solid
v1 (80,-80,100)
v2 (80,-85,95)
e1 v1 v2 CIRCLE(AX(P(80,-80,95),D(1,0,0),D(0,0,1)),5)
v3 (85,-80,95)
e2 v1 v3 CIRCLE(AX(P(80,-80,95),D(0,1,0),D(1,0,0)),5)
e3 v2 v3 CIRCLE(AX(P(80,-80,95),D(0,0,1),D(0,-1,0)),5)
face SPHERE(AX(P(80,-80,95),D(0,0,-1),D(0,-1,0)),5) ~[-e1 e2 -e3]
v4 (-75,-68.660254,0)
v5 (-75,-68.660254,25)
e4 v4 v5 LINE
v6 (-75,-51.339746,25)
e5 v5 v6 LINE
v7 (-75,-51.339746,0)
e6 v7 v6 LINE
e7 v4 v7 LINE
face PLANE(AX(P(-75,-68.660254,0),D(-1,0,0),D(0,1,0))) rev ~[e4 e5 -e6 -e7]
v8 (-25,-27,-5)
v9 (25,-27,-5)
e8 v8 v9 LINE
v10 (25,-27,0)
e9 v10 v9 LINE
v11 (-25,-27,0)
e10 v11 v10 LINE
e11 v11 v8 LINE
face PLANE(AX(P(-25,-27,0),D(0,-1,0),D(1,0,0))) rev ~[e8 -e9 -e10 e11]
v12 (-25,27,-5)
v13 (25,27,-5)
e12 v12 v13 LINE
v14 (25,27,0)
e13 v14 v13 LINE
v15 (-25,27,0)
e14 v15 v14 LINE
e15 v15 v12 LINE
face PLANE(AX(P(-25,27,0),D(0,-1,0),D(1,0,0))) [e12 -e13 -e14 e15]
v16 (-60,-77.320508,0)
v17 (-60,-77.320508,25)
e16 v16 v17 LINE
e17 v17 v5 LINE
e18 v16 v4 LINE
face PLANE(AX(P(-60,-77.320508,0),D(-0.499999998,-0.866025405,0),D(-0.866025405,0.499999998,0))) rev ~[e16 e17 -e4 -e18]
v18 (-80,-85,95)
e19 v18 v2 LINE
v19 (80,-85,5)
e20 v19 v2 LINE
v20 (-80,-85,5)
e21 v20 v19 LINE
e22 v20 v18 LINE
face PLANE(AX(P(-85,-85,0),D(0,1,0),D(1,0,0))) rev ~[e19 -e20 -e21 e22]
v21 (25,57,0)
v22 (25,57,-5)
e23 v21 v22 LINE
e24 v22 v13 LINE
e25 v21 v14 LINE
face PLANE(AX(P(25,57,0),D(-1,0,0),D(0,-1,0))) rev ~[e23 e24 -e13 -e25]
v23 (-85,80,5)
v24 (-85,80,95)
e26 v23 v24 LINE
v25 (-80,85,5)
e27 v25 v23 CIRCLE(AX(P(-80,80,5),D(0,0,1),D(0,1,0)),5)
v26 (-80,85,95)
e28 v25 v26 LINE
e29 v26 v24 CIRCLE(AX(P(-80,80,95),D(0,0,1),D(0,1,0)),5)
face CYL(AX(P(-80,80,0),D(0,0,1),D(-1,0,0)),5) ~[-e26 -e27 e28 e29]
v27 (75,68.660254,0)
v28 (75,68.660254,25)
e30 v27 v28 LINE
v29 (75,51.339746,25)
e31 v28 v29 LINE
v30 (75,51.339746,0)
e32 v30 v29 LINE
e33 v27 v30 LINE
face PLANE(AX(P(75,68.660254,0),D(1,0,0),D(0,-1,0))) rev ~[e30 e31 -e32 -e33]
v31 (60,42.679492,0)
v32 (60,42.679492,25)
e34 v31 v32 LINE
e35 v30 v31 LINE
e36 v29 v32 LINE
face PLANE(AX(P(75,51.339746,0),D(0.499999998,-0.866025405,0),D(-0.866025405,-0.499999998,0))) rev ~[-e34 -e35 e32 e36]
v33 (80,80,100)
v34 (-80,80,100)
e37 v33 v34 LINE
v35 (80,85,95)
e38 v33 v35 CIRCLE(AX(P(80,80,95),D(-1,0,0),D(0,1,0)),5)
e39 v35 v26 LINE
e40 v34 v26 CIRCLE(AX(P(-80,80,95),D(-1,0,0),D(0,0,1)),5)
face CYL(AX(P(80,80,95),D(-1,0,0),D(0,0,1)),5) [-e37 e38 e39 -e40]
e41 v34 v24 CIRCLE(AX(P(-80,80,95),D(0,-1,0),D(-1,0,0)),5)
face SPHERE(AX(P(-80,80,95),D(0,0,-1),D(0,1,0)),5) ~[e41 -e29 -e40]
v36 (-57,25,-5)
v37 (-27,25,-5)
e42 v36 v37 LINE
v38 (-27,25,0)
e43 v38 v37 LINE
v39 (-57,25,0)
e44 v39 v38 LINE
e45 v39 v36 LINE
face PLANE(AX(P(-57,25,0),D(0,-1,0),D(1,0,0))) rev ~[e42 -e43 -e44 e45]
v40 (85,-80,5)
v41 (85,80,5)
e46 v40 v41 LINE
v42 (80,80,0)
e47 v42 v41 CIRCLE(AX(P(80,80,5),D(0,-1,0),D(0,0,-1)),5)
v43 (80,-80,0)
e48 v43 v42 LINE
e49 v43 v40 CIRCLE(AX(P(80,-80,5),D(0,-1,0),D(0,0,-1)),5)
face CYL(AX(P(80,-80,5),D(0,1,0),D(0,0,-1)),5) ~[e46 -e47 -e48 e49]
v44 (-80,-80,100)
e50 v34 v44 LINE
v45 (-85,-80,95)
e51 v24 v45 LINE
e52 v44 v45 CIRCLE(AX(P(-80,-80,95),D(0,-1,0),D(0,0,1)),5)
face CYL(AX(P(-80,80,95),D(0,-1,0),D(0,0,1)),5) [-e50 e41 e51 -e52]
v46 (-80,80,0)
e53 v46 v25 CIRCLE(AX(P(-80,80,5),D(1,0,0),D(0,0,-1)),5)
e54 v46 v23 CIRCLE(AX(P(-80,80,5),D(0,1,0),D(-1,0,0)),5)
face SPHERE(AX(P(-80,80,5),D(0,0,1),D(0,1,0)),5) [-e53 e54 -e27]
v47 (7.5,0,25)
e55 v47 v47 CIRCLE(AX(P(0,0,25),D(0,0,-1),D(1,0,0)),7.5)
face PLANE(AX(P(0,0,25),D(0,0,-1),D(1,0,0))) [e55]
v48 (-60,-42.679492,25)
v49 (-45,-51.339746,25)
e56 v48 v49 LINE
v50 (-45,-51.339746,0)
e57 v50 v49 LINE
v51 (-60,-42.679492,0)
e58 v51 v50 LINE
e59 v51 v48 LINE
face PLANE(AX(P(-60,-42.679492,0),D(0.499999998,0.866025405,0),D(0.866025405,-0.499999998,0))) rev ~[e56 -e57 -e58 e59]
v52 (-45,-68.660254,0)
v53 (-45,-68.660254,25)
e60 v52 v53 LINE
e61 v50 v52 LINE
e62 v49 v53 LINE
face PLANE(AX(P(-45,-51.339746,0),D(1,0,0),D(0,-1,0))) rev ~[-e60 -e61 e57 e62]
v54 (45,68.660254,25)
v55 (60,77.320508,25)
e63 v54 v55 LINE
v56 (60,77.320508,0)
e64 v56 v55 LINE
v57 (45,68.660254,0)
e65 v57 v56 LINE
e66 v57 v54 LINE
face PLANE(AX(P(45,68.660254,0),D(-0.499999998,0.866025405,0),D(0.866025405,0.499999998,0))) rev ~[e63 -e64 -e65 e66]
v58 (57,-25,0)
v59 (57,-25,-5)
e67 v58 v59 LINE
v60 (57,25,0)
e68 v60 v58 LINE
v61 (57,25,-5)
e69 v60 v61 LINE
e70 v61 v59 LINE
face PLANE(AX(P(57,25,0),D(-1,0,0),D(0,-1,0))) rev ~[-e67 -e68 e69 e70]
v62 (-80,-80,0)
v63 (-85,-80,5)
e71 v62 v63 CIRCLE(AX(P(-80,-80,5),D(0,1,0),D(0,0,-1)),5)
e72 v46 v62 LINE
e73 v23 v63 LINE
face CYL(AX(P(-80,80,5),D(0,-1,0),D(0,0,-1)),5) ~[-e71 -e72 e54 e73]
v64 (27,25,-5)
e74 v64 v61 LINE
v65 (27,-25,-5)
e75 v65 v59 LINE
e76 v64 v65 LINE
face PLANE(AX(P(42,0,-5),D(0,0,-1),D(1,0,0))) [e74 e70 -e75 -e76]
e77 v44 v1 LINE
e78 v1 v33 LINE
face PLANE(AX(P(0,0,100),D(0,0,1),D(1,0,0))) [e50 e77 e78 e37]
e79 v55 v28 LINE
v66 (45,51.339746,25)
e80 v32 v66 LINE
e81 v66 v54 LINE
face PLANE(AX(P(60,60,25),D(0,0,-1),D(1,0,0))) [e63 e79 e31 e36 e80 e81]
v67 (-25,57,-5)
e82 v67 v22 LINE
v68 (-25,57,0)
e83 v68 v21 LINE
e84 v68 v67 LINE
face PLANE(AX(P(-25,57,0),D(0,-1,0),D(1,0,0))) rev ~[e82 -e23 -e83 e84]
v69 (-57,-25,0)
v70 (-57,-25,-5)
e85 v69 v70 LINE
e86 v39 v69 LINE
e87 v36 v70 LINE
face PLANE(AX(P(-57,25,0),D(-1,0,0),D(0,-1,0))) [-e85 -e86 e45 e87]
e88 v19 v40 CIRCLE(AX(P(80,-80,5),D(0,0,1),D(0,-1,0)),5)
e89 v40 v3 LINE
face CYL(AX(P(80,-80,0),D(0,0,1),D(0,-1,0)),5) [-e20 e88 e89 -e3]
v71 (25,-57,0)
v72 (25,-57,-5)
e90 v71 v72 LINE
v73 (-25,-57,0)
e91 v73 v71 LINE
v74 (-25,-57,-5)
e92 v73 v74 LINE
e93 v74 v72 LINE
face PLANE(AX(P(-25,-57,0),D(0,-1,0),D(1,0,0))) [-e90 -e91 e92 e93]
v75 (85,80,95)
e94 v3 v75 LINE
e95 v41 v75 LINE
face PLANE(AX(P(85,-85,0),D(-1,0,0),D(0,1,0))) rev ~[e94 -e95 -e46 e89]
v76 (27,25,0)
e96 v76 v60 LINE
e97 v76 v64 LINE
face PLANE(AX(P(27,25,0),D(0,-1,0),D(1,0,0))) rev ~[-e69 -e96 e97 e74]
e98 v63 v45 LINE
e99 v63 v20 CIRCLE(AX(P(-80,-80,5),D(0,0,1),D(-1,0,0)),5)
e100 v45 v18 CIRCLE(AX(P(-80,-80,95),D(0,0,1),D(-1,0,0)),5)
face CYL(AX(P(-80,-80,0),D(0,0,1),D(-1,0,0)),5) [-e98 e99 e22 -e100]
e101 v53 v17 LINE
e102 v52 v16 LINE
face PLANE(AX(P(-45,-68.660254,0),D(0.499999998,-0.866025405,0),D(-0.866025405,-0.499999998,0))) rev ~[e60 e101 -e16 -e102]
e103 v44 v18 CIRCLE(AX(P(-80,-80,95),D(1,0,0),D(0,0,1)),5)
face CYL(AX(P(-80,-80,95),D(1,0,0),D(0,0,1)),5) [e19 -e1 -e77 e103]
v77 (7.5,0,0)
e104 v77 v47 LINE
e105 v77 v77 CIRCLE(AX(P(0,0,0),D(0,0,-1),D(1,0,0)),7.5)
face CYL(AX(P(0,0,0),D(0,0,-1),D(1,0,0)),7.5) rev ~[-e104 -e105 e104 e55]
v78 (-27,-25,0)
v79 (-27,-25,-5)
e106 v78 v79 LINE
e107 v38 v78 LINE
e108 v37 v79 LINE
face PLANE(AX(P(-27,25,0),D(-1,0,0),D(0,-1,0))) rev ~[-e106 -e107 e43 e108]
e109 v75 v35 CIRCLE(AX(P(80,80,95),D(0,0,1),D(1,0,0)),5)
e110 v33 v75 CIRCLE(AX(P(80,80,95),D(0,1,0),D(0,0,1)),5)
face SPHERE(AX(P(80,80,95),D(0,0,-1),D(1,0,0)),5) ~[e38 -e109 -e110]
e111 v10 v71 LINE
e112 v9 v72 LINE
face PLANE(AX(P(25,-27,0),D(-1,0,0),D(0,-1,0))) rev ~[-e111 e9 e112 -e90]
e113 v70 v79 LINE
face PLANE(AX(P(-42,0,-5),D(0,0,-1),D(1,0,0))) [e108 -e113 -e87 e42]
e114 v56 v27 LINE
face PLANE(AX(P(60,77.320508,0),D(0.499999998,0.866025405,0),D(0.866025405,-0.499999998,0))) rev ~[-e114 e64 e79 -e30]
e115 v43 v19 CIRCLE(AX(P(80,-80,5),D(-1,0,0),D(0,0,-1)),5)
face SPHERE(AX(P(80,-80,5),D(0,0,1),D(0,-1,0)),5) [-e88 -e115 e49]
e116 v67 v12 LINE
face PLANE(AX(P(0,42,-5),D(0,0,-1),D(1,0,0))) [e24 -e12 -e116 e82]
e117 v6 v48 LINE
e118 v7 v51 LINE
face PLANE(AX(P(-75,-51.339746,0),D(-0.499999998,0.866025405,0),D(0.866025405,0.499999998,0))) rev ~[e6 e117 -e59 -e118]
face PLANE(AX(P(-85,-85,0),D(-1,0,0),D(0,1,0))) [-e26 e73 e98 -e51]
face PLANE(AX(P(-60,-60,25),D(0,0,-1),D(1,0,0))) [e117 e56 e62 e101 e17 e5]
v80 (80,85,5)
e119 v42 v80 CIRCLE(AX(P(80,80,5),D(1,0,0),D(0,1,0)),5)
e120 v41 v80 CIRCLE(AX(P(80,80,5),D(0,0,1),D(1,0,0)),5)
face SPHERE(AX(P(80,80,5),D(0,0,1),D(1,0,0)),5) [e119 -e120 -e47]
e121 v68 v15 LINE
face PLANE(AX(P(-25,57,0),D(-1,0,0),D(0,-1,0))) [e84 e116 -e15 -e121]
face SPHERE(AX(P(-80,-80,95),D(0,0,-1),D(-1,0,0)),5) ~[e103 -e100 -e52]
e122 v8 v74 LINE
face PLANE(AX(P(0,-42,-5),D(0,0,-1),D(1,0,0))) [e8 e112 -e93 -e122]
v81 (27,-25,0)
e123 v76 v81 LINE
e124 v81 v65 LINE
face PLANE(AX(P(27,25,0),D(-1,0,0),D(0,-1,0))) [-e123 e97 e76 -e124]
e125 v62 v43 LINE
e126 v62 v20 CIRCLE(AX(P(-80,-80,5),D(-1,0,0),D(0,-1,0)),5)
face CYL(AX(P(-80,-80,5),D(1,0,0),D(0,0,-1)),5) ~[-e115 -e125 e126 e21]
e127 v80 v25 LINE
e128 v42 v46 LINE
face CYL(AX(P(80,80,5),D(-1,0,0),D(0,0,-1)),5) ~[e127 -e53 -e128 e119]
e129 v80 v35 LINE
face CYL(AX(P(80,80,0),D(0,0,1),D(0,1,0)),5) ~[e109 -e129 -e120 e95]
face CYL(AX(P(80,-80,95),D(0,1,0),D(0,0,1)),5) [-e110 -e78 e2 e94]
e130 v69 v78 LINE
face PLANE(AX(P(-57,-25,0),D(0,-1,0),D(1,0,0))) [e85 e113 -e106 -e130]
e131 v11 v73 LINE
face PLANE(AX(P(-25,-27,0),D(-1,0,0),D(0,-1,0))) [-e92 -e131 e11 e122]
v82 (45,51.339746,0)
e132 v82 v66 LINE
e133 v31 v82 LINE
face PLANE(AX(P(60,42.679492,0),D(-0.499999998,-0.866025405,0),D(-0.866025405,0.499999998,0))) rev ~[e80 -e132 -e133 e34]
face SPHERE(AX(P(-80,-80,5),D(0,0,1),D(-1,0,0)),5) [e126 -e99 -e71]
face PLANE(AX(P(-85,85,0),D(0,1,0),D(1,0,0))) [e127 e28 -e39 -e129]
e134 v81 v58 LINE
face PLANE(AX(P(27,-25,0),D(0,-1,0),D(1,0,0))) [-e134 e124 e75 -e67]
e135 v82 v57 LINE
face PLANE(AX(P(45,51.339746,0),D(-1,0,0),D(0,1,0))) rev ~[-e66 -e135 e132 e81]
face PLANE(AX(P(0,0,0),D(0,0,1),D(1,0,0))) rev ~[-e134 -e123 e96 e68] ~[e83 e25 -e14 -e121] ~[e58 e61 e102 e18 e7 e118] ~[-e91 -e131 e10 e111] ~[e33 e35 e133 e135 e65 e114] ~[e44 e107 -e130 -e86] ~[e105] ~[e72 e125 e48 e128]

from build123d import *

# Parameters (mm, degrees)
F0_W     = 170
F0_H     = 170
F1_DEPTH = 100
F2_R     = 7.5
F3_DEPTH = 25
F4_R     = 5
F5_R     = 5
F6_W     = 50
F6_H     = 30
F6_W_2   = 30
F6_H_2   = 50
F7_DEPTH = 5


with BuildPart() as f1:
    # F0 (on Top) → F1 (new body)
    with BuildSketch(Plane.XY):
        Rectangle(F0_W, F0_H)
    extrude(amount=F1_DEPTH)

    # F2 (on face) → F3 (cut)
    with BuildSketch(Plane(origin=(0, 0, 0), x_dir=(1, 0, 0), z_dir=(0, 0, -1))):
        Circle(F2_R)
        Polygon((-60, 77.320508), (-75, 68.660254), (-75, 51.339746), (-60, 42.679492), (-45, 51.339746), (-45, 68.660254), align=None)
        Polygon((60, -77.320508), (75, -68.660254), (75, -51.339746), (60, -42.679492), (45, -51.339746), (45, -68.660254), align=None)
    extrude(amount=-F3_DEPTH, mode=Mode.SUBTRACT)

    # F4
    f4_edges = [f1.edges().sort_by_distance(p)[0] for p in [
        (-85, -85, 50),
        (85, -85, 50),
        (85, 85, 50),
        (-85, 85, 50),
    ]]
    fillet(f4_edges, radius=F4_R)

    # F5
    f5_edges = [f1.edges().sort_by_distance(p)[0] for p in [
        (0, -85, 100),
        (85, 0, 0),
    ]]
    fillet(f5_edges, radius=F5_R)

    # F6 (on face) → F7 (join)
    with BuildSketch(Plane(origin=(0, 0, 0), x_dir=(1, 0, 0), z_dir=(0, 0, -1))):
        with Locations((0, 42)):
            Rectangle(F6_W, F6_H)
        with Locations((42, 0)):
            Rectangle(F6_W_2, F6_H_2)
        with Locations((-42, 0)):
            Rectangle(F6_W_2, F6_H_2)
        with Locations((0, -42)):
            Rectangle(F6_W, F6_H)
    extrude(amount=F7_DEPTH)


solid = f1.part
